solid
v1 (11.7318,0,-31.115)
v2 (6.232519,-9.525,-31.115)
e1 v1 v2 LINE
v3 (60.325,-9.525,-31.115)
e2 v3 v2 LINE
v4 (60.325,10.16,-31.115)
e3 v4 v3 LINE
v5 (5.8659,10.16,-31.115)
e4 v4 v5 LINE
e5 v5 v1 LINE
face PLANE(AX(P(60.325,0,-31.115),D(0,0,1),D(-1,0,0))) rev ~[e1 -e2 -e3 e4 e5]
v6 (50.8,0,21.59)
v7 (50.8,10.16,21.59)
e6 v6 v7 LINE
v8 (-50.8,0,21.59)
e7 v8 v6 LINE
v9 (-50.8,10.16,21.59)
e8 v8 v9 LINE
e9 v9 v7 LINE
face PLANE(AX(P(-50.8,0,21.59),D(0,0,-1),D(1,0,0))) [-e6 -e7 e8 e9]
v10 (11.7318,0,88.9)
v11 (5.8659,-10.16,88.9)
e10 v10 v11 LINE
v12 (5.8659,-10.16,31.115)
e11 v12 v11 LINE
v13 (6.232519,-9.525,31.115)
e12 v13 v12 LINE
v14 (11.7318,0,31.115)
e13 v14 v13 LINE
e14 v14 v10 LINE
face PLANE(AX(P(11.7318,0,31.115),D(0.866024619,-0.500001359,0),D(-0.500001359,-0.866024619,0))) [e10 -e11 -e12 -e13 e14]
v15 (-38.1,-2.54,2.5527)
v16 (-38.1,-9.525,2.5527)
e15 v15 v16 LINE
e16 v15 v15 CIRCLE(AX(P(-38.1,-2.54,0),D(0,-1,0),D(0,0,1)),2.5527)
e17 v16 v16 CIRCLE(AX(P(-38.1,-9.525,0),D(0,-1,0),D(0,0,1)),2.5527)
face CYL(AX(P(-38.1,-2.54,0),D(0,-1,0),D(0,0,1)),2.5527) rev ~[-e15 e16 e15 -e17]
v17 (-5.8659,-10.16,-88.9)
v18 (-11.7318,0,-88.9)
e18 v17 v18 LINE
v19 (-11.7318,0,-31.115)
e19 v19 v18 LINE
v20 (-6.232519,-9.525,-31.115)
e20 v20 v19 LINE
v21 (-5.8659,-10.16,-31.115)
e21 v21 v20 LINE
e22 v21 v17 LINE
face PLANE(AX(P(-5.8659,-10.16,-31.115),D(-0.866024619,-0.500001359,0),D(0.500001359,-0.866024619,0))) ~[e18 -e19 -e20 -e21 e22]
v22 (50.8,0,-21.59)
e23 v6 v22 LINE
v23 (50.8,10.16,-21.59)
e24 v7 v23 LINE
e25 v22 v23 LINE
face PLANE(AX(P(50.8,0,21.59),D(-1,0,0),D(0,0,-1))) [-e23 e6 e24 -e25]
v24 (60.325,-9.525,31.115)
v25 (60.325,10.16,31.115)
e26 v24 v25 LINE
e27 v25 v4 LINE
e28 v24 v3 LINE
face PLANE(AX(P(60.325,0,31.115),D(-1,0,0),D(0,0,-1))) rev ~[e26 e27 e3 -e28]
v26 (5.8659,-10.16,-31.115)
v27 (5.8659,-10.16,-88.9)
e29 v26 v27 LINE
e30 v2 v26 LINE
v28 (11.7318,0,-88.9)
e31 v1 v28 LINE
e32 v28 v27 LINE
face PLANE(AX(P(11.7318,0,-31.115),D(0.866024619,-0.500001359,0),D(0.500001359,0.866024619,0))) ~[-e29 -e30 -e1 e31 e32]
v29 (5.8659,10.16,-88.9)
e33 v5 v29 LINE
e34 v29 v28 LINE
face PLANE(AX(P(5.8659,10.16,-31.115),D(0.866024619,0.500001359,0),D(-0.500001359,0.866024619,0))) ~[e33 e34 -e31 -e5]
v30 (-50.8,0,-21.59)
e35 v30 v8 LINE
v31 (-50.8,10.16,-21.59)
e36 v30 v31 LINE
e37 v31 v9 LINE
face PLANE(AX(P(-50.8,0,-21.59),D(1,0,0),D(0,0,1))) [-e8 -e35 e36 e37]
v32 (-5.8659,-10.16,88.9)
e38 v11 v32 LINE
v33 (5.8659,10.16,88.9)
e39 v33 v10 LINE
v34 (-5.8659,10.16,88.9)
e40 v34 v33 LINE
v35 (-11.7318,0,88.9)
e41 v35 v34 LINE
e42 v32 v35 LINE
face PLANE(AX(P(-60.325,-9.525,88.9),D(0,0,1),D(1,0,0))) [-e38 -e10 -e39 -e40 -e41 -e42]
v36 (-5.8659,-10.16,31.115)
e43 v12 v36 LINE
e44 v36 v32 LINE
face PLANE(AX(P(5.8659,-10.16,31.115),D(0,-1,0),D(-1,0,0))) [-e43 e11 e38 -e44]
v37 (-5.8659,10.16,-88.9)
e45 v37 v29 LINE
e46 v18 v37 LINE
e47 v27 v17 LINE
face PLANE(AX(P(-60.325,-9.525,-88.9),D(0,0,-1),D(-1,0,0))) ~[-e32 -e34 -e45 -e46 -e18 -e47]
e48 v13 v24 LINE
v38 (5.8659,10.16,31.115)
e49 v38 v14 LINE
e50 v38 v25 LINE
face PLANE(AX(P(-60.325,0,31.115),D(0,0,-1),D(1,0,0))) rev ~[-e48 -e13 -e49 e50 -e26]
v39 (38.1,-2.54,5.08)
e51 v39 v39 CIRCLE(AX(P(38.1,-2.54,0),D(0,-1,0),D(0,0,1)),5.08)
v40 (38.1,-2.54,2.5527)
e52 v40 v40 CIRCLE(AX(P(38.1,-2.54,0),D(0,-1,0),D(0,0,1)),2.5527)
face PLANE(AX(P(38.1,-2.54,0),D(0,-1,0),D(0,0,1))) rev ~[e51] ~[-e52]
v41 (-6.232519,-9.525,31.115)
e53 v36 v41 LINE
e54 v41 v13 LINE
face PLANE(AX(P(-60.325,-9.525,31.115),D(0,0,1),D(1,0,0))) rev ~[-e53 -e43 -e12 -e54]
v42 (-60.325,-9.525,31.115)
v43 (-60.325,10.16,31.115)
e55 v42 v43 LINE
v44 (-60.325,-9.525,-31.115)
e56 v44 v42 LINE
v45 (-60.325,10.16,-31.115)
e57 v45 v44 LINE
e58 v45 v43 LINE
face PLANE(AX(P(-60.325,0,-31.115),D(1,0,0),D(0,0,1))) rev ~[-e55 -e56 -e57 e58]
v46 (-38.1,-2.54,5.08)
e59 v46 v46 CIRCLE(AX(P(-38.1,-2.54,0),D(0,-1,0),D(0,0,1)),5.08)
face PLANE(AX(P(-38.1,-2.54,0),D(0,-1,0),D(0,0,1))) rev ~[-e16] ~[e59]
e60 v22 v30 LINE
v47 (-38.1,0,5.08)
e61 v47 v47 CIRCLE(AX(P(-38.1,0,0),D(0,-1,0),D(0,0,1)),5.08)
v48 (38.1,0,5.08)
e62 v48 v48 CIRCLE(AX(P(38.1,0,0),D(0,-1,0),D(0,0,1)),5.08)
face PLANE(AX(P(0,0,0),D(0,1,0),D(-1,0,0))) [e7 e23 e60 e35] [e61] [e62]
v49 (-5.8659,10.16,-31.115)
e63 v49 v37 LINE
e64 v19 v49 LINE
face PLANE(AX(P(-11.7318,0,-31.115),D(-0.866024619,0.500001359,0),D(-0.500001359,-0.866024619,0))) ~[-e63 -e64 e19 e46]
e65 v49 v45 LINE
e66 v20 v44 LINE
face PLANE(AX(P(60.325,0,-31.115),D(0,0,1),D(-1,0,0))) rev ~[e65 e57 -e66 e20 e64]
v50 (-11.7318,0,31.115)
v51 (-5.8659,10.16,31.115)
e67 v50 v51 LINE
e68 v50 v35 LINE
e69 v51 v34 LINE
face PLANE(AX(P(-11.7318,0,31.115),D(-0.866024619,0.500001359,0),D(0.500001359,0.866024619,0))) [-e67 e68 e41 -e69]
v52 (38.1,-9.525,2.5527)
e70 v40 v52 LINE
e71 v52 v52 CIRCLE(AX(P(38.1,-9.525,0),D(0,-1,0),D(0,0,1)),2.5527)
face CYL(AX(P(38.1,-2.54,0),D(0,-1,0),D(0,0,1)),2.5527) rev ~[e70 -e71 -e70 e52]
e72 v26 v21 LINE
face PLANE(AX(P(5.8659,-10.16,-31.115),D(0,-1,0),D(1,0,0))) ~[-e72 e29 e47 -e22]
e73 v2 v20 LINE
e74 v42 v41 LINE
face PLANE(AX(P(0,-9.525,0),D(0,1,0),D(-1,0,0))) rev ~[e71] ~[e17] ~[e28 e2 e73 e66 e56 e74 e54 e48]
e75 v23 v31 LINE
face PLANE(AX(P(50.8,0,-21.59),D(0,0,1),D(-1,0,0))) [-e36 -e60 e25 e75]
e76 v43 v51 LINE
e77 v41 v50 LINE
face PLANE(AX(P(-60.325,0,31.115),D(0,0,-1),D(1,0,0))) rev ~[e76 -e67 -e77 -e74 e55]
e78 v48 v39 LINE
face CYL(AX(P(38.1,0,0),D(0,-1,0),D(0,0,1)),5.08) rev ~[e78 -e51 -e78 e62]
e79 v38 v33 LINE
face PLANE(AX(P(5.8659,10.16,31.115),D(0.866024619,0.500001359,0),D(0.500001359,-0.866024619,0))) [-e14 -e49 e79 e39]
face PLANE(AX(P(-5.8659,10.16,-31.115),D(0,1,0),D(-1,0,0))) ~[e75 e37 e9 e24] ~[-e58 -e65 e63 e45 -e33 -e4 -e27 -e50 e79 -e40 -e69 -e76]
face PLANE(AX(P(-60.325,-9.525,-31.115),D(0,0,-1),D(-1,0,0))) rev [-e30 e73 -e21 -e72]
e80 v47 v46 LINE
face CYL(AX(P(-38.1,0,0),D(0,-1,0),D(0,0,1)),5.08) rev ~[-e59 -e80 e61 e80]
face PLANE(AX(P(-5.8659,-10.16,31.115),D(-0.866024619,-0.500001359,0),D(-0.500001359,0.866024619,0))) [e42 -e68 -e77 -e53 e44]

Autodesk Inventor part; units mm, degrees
ref_plane "YZ Plane" through (0, 0, 0) normal (1, 0, 0) x (0, 1, 0)
ref_plane "XZ Plane" through (0, 0, 0) normal (0, 1, 0) x (-1, 0, 0)
sketch "Sketch1" plane through (0, 0, 0) normal (0, 1, 0) x (-1, 0, 0)
  line L0 (50.8, 21.59) -> (-50.8, 21.59)
  line L1 (-50.8, 21.59) -> (-50.8, -21.59)
  line L2 (-50.8, -21.59) -> (50.8, -21.59)
  line L3 (50.8, -21.59) -> (50.8, 21.59)
  line L4 (50.8, 21.59) -> (-50.8, -21.59) construction
  line L5 (-50.8, 21.59) -> (50.8, -21.59) construction
  line L6 (60.325, 31.115) -> (-60.325, 31.115)
  line L7 (-60.325, 31.115) -> (-60.325, -31.115)
  line L8 (-60.325, -31.115) -> (60.325, -31.115)
  line L9 (60.325, -31.115) -> (60.325, 31.115)
  line L10 (60.325, 31.115) -> (-60.325, -31.115) construction
  line L11 (-60.325, 31.115) -> (60.325, -31.115) construction
  point P0 (0, 0)
extrude "Extrusion1" add sketch "Sketch1" against normal blind 9.525 contours L3 L2 L1 L0 | L9 L8 L7 L6
extrude "Extrusion2" add sketch "Sketch1" along normal blind 10.16
sketch "Sketch5" plane through (0, 0, 0) normal (0, 1, 0) x (1, 0, 0)
  line L0 (-50.8, 21.59) -> (-50.8, -21.59) projected
  line L1 (50.8, -21.59) -> (50.8, 21.59) projected
  point P0 (0, 0)
  point P1 (-38.1, 0)
  point P2 (38.1, 0)
  dimension "postHoleCenter" = 12.7
  dimension "d16" = 12.7
hole "Hole1" at (-38.1, 0, 0) at (38.1, 0, 0) direction (0, -1, 0) diameter 5.1054 end through all counterbore diameter 10.16 counterbore depth 2.54 clearance for "Hex Machine Screw" size "#10" standard "Ansi Unified Screw Threads"
sketch "Sketch6" plane through (-60.325, -9.525, 31.115) normal (0, 0, 1) x (1, 0, 0)
  line L0 (0, 19.685) -> (120.65, 19.685) projected
  line L1 (66.1909, 19.685) -> (72.0568, 9.525)
  line L2 (72.0568, 9.525) -> (66.1909, -0.635)
  line L3 (66.1909, -0.635) -> (54.4591, -0.635)
  line L4 (54.4591, -0.635) -> (48.5932, 9.525)
  line L5 (48.5932, 9.525) -> (54.4591, 19.685)
  line L6 (54.4591, 19.685) -> (66.1909, 19.685)
  point P0 (60.325, 9.525)
  point P1 (60.325, 9.525)
extrude "Extrusion5" add sketch "Sketch6" along normal blind 57.785
mirror "Mirror2" about plane through (0, 0, 0) normal (0, 0, 1) of "Extrusion5"
equation "\"d4\" = wallThickness"
equation "\"d16\" = postHoleCenter"
equation "\"d25\" = hexExtensionLength"
equation "\"wallThickness\" = 9.525"
equation "\"outerWidth\" = innerWidth + 2 * wallThickness"
equation "\"outerLength\" = innerLength + 2 * wallThickness"
equation "\"outerHeight\" = innerDepth + wallThickness"
equation "\"shortenForTestPrint\" = 76.2"
equation "\"hexExtensionLength\" = -0.5 * outerWidth + 0.5 * maxWidth"
equation "\"maxWidth\" = 177.8"
equation "\"innerWidth\" = 43.18"
equation "\"innerLength\" = 101.6"
equation "\"innerDepth\" = 10.16"
properties part number "connectorToTubeBracketWithHexShaft"
